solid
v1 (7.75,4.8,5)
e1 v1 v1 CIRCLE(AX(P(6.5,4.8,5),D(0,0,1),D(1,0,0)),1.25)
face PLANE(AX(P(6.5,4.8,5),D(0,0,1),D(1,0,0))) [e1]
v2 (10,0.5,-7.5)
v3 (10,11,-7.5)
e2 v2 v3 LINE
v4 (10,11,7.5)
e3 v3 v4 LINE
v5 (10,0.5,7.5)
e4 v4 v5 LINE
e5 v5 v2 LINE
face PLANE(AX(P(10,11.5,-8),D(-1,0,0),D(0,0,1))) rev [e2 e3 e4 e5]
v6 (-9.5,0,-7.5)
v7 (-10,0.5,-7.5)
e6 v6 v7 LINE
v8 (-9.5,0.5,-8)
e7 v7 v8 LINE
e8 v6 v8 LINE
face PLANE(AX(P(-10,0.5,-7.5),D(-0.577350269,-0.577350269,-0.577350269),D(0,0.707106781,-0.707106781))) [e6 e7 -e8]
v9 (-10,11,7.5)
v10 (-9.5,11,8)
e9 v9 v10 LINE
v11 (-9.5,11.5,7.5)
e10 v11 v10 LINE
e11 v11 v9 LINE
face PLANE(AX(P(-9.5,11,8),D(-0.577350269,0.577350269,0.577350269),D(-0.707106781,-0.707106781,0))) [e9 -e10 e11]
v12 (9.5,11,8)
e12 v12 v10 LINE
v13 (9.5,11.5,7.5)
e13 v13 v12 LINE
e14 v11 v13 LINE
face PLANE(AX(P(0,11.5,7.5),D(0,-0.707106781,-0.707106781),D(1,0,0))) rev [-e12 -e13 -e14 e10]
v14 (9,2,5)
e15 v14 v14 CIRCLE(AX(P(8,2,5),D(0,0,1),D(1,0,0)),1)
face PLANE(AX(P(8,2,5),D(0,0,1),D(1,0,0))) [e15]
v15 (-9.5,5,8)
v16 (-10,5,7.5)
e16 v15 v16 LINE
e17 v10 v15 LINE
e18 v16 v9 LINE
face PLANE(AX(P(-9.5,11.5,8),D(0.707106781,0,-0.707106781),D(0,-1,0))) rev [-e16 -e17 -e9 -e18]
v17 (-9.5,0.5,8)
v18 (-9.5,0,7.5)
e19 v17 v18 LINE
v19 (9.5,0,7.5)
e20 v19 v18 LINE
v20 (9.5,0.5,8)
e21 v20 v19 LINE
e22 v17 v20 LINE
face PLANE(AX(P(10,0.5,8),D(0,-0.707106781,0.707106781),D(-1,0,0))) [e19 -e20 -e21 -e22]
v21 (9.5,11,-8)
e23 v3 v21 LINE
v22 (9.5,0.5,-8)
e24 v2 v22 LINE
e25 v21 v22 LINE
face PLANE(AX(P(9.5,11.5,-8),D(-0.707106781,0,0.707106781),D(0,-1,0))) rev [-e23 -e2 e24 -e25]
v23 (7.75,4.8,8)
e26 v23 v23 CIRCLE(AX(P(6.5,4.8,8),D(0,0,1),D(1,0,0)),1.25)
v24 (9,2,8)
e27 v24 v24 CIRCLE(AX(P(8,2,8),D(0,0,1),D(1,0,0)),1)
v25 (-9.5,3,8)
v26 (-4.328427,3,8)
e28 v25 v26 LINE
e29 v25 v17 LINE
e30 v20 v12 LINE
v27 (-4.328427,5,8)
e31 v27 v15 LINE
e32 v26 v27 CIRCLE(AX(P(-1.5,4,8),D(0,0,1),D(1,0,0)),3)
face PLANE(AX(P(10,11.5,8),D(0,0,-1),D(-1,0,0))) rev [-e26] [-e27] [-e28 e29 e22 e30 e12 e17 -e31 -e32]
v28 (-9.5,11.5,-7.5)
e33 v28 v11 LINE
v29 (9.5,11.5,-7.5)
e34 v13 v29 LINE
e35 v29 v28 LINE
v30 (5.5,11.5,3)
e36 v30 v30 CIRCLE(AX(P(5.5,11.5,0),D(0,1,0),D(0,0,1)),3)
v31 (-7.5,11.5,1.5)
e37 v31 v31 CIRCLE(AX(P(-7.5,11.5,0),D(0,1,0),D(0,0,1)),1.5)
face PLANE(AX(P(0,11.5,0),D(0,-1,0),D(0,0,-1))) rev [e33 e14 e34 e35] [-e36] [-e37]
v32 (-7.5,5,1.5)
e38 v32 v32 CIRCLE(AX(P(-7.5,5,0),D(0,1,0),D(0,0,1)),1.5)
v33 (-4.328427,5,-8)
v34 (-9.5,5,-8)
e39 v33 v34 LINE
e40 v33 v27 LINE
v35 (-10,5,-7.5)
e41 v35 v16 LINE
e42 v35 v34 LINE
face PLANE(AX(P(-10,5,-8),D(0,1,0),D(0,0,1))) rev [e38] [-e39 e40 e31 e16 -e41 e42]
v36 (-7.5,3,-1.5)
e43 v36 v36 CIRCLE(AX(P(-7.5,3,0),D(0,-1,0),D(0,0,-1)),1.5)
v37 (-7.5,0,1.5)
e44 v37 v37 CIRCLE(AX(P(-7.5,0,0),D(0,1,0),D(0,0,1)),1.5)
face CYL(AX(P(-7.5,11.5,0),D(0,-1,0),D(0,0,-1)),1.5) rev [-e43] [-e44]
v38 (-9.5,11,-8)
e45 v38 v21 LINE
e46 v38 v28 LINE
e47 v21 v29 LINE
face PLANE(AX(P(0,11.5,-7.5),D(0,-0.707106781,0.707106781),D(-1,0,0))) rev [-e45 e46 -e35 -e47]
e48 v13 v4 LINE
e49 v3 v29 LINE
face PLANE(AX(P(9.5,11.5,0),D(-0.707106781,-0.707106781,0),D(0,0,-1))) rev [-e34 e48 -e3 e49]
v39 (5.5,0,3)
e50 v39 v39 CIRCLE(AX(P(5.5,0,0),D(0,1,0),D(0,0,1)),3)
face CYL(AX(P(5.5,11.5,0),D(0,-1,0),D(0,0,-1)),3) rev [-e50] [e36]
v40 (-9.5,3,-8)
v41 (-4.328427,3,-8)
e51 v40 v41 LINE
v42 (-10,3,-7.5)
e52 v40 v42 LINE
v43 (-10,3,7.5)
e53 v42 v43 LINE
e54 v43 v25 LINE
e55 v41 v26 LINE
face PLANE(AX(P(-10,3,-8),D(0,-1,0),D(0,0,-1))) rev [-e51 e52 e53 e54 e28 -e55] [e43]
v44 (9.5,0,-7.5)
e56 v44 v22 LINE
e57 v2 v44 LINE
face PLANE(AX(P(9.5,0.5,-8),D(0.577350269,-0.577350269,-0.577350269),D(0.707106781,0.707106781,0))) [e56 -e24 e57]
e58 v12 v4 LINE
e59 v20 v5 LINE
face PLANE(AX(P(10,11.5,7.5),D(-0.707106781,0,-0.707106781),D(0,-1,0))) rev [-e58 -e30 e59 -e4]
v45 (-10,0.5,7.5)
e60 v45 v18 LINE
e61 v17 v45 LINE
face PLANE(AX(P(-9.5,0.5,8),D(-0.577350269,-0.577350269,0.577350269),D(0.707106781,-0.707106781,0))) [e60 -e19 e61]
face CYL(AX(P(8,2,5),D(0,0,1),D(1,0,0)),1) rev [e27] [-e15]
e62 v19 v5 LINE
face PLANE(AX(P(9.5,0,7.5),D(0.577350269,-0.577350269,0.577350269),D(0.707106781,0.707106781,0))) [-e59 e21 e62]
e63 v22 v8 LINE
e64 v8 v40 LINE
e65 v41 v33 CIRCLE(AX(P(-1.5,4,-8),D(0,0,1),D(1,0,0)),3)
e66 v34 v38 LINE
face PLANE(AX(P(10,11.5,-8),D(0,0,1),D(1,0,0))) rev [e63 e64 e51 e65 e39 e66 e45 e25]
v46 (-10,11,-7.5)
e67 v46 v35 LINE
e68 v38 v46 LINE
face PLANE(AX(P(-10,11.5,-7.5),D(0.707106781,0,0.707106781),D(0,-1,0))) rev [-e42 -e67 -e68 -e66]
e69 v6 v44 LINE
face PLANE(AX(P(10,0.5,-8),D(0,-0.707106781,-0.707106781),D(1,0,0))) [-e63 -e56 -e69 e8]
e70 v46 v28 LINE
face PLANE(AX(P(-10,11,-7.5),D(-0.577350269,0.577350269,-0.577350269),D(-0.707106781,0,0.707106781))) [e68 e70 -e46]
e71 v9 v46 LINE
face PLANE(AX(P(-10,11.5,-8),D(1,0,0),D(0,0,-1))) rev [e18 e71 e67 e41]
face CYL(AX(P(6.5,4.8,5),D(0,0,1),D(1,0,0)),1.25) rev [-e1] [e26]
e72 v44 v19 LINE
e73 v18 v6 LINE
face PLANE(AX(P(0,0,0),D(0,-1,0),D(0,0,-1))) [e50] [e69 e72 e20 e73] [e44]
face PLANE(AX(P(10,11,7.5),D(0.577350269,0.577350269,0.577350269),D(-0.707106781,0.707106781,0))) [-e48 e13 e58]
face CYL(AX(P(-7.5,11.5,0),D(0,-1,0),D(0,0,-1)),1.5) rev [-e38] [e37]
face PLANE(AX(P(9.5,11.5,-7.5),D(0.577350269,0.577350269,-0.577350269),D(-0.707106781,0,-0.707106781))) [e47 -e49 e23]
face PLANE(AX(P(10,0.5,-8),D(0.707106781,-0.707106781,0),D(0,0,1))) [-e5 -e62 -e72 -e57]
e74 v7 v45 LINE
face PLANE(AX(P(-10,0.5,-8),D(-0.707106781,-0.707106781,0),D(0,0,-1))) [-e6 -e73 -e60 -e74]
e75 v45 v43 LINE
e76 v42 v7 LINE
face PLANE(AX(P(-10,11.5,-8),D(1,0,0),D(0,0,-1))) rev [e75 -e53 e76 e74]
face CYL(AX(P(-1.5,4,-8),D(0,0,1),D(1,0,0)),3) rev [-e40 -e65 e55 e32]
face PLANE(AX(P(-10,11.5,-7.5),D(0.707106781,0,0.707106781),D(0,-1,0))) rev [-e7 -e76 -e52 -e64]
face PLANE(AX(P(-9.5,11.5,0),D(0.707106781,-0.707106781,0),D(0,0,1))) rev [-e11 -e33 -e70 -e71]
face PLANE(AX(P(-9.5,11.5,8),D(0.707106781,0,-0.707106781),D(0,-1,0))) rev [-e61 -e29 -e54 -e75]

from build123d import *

# Parameters (mm, degrees)
SKETCH1_W           = 20
SKETCH1_H           = 16
SKETCH1_R           = 3
SKETCH1_R_2         = 1.5
BOSS_EXTRUDE1_DEPTH = 11.5
CUT_EXTRUDE1_DEPTH  = 17
SKETCH3_R           = 1.25
SKETCH3_R_2         = 1
CUT_EXTRUDE2_DEPTH  = 3
CHAMFER1_SIZE       = 0.5


with BuildPart() as part:
    # Sketch1 → Boss-Extrude1 (new body)
    with BuildSketch(Plane(origin=(0, 0, 0), x_dir=(1, 0, 0), z_dir=(0, 1, 0))):
        Rectangle(SKETCH1_W, SKETCH1_H)
        with Locations((5.5, 0)):
            Circle(SKETCH1_R, mode=Mode.SUBTRACT)
        with Locations((-7.5, 0)):
            Circle(SKETCH1_R_2, mode=Mode.SUBTRACT)
    extrude(amount=BOSS_EXTRUDE1_DEPTH)

    # Sketch2 → Cut-Extrude1 (cut, through all)
    with BuildSketch(Plane.XY.offset(8)):
        with BuildLine():
            Line((-10, 5), (-4.328427125, 5))
            ThreePointArc((-4.328427125, 5), (1.5, 4), (-4.328427125, 3))
            Line((-4.328427125, 3), (-10, 3))
            Line((-10, 3), (-10, 5))
        make_face()
    extrude(amount=-CUT_EXTRUDE1_DEPTH, mode=Mode.SUBTRACT)

    # Sketch3 → Cut-Extrude2 (cut)
    with BuildSketch(Plane.XY.offset(8)):
        with Locations((6.5, 4.8)):
            Circle(SKETCH3_R)
        with Locations((8, 2)):
            Circle(SKETCH3_R_2)
    extrude(amount=-CUT_EXTRUDE2_DEPTH, mode=Mode.SUBTRACT)

    # Chamfer1
    chamfer1_edges = [part.edges().sort_by_distance(p)[0] for p in [
        (10, 11.5, 0),
        (0, 11.5, -8),
        (-10, 1.5, -8),
        (-10, 1.5, 8),
        (-10, 11.5, 0),
        (0, 0, -8),
        (10, 0, 0),
        (0, 0, 8),
        (-10, 0, 0),
        (0, 11.5, 8),
        (-10, 8.25, -8),
        (10, 5.75, -8),
        (10, 5.75, 8),
        (-10, 8.25, 8),
    ]]
    chamfer(chamfer1_edges, length=CHAMFER1_SIZE)


solid = part.part
